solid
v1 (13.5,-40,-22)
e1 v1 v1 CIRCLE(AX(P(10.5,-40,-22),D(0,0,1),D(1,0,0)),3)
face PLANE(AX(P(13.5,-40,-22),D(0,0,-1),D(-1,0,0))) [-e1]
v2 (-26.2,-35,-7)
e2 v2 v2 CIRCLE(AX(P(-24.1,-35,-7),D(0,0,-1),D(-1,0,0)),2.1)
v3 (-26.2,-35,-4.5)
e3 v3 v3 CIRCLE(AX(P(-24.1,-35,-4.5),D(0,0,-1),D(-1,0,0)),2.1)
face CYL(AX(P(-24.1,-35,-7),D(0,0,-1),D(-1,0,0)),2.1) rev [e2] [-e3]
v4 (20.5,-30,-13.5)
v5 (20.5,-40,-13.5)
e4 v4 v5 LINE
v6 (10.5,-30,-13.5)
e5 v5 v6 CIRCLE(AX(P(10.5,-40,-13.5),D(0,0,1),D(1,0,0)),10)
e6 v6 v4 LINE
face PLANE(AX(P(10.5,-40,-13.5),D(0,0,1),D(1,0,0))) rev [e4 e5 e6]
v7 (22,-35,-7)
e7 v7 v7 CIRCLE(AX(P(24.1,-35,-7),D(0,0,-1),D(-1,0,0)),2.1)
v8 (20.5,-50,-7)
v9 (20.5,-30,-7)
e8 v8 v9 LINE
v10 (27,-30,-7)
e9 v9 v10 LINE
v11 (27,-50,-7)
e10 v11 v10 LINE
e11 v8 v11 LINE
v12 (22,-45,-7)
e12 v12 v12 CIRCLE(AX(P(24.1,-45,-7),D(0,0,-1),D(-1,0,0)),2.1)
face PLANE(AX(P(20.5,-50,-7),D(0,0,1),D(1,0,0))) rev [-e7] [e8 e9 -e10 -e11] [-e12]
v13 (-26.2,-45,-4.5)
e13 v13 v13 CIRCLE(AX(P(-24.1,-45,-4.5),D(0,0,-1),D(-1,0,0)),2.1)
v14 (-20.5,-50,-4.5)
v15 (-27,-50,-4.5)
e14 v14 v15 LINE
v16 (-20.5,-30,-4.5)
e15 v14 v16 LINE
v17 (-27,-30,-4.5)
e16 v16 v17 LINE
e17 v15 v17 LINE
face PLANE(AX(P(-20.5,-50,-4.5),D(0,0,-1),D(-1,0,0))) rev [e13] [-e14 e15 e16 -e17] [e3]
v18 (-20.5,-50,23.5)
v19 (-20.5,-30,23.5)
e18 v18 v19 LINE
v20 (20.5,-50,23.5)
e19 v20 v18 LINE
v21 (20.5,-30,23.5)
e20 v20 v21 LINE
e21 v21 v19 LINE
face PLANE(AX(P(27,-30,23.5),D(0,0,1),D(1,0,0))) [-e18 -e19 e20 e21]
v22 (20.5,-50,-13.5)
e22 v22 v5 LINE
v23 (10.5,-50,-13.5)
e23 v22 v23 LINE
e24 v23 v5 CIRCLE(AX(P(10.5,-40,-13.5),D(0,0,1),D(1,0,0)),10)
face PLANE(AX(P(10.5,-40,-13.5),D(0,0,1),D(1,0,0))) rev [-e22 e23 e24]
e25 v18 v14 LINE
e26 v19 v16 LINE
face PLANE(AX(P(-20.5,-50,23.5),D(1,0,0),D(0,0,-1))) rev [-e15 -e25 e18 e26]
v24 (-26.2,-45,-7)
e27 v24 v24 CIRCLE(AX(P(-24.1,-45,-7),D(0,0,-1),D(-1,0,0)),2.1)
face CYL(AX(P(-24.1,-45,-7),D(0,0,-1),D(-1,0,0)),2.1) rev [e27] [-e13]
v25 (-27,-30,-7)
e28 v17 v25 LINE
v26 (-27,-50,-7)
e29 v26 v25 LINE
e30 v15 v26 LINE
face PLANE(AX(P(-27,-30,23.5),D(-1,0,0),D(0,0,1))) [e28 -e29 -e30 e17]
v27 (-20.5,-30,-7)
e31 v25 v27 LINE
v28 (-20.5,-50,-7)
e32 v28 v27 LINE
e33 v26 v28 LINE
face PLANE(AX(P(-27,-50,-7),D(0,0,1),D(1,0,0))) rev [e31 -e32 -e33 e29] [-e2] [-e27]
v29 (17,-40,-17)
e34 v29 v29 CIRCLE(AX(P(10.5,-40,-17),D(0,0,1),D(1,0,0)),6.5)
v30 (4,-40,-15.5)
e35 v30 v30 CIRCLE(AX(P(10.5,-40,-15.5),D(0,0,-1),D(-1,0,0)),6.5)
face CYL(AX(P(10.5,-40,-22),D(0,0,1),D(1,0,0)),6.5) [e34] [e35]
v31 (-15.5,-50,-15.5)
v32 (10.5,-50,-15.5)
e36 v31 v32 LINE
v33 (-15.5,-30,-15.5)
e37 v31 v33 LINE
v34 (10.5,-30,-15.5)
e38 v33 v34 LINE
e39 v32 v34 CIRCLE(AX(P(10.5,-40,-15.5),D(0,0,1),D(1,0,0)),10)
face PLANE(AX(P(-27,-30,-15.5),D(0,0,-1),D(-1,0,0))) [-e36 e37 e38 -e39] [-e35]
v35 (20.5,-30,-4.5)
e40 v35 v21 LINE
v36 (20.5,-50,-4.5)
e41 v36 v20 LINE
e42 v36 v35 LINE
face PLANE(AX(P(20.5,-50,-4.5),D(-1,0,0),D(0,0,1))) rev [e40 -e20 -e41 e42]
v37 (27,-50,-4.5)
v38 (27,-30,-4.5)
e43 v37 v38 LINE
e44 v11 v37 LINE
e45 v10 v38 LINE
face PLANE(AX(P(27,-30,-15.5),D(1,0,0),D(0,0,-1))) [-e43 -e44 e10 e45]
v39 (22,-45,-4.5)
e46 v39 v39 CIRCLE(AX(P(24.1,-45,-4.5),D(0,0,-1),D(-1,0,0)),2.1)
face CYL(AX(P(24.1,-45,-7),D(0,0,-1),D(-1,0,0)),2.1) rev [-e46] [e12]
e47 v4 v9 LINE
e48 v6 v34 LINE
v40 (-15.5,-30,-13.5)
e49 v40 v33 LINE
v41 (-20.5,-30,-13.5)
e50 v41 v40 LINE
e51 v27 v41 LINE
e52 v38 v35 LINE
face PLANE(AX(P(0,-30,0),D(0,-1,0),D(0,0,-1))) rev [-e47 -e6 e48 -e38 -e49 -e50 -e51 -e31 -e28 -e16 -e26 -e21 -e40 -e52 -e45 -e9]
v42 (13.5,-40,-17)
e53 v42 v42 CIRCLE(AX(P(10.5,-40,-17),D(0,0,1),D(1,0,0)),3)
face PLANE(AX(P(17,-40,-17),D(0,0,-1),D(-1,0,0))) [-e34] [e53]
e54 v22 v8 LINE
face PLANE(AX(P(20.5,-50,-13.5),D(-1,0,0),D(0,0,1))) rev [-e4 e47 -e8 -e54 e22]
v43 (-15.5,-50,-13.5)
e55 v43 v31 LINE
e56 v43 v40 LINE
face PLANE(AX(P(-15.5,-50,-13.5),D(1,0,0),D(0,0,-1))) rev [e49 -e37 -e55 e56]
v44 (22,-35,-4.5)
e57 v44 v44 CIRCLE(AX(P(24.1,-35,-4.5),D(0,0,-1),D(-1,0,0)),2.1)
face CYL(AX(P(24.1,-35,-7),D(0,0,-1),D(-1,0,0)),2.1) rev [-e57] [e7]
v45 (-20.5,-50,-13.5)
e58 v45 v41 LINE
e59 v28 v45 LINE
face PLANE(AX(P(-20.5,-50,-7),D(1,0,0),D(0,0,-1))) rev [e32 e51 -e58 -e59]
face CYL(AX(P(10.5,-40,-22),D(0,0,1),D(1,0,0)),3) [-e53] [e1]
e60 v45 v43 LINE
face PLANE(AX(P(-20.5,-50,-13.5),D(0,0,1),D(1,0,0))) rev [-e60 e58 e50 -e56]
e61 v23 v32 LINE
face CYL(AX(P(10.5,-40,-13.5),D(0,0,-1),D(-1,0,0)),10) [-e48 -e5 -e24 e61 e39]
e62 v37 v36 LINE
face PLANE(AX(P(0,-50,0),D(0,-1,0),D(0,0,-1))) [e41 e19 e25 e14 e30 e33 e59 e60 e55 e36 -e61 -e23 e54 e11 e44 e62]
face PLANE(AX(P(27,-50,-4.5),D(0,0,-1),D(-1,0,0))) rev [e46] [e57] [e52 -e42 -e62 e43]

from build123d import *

# Parameters (mm, degrees)
SKETCH_1_W                  = 54
SKETCH_1_H                  = 39
EXTRUDE_1_DEPTH             = 20
SKETCH_2_W                  = 6.5
SKETCH_2_H                  = 28
CUT_EXTRUDE_1_DEPTH         = 42.003048667
SKETCH_3_W                  = 6.5
SKETCH_3_H                  = 28
CUT_EXTRUDE_2_DEPTH         = 42.003048667
SKETCH_4_W                  = 6.5
SKETCH_4_H                  = 8.5
CUT_EXTRUDE_3_DEPTH         = 42.003048667
SKETCH_5_W                  = 5
SKETCH_5_H                  = 2
CUT_EXTRUDE_4_DEPTH         = 42.003048667
CUT_EXTRUDE_5_DEPTH         = 2
SKETCH_7_W                  = 6.5
SKETCH_7_H                  = 6.5
CUT_EXTRUDE_6_DEPTH         = 42.003048667
HOLE_WIZARD_4_2_4_2_1_D     = 4.2
HOLE_WIZARD_4_2_4_2_1_DEPTH = 30.5


with BuildPart() as part:
    # 草图1 → 凸台-拉伸1 (new body)
    with BuildSketch(Plane.XZ.offset(50)):
        with Locations((0, 4)):
            Rectangle(SKETCH_1_W, SKETCH_1_H)
    extrude(amount=-EXTRUDE_1_DEPTH)

    # 草图2 → 切除-拉伸1 (cut, through all)
    with BuildSketch(Plane(origin=(0, -30, 0), x_dir=(-1, 0, 0), z_dir=(0, 1, 0))):
        with Locations((-23.75, 9.5)):
            Rectangle(SKETCH_2_W, SKETCH_2_H)
    extrude(amount=-CUT_EXTRUDE_1_DEPTH, mode=Mode.SUBTRACT)

    # 草图3 → 切除-拉伸2 (cut, through all)
    with BuildSketch(Plane(origin=(0, -30, 0), x_dir=(-1, 0, 0), z_dir=(0, 1, 0))):
        with Locations((23.75, 9.5)):
            Rectangle(SKETCH_3_W, SKETCH_3_H)
    extrude(amount=-CUT_EXTRUDE_2_DEPTH, mode=Mode.SUBTRACT)

    # 草图4 → 切除-拉伸3 (cut, through all)
    with BuildSketch(Plane(origin=(0, -30, 0), x_dir=(-1, 0, 0), z_dir=(0, 1, 0))):
        with Locations((23.75, -11.25)):
            Rectangle(SKETCH_4_W, SKETCH_4_H)
    extrude(amount=-CUT_EXTRUDE_3_DEPTH, mode=Mode.SUBTRACT)

    # 草图5 → 切除-拉伸4 (cut, through all)
    with BuildSketch(Plane(origin=(0, -30, 0), x_dir=(-1, 0, 0), z_dir=(0, 1, 0))):
        with Locations((18, -14.5)):
            Rectangle(SKETCH_5_W, SKETCH_5_H)
    extrude(amount=-CUT_EXTRUDE_4_DEPTH, mode=Mode.SUBTRACT)

    # 草图6 → 切除-拉伸5 (cut)
    with BuildSketch(Plane(origin=(0, 0, -15.5), x_dir=(-1, 0, 0), z_dir=(0, 0, -1))):
        with BuildLine():
            Line((-10.5, -30), (-27, -30))
            Line((-27, -30), (-27, -50))
            Line((-27, -50), (-10.5, -50))
            ThreePointArc((-10.5, -50), (-20.5, -40), (-10.5, -30))
        make_face()
    extrude(amount=-CUT_EXTRUDE_5_DEPTH, mode=Mode.SUBTRACT)

    # 草图7 → 切除-拉伸6 (cut, through all)
    with BuildSketch(Plane(origin=(0, -30, 0), x_dir=(-1, 0, 0), z_dir=(0, 1, 0))):
        with Locations((-23.75, -10.25)):
            Rectangle(SKETCH_7_W, SKETCH_7_H)
    extrude(amount=-CUT_EXTRUDE_6_DEPTH, mode=Mode.SUBTRACT)

    # 草图8 → 旋转1 (revolve)
    with BuildSketch(Plane(origin=(0, -40, 0), x_dir=(1, 0, 0), z_dir=(0, 1, 0))):
        Polygon((13.5, 22), (10.5, 22), (10.5, 15.5), (17, 15.5), (17, 17), (13.5, 17), align=None)
    revolve(axis=Axis((10.5, -40, -22), (0, 0, 1)))

    # Ø4.2 (4.2) 直径孔1
    with Locations(Plane(origin=(0, 0, -7), x_dir=(-1, 0, 0), z_dir=(0, 0, -1))):
        with Locations((24.1, -45), (24.1, -35), (-24.1, -45), (-24.1, -35)):
            Hole(HOLE_WIZARD_4_2_4_2_1_D / 2, depth=HOLE_WIZARD_4_2_4_2_1_DEPTH)


solid = part.part
